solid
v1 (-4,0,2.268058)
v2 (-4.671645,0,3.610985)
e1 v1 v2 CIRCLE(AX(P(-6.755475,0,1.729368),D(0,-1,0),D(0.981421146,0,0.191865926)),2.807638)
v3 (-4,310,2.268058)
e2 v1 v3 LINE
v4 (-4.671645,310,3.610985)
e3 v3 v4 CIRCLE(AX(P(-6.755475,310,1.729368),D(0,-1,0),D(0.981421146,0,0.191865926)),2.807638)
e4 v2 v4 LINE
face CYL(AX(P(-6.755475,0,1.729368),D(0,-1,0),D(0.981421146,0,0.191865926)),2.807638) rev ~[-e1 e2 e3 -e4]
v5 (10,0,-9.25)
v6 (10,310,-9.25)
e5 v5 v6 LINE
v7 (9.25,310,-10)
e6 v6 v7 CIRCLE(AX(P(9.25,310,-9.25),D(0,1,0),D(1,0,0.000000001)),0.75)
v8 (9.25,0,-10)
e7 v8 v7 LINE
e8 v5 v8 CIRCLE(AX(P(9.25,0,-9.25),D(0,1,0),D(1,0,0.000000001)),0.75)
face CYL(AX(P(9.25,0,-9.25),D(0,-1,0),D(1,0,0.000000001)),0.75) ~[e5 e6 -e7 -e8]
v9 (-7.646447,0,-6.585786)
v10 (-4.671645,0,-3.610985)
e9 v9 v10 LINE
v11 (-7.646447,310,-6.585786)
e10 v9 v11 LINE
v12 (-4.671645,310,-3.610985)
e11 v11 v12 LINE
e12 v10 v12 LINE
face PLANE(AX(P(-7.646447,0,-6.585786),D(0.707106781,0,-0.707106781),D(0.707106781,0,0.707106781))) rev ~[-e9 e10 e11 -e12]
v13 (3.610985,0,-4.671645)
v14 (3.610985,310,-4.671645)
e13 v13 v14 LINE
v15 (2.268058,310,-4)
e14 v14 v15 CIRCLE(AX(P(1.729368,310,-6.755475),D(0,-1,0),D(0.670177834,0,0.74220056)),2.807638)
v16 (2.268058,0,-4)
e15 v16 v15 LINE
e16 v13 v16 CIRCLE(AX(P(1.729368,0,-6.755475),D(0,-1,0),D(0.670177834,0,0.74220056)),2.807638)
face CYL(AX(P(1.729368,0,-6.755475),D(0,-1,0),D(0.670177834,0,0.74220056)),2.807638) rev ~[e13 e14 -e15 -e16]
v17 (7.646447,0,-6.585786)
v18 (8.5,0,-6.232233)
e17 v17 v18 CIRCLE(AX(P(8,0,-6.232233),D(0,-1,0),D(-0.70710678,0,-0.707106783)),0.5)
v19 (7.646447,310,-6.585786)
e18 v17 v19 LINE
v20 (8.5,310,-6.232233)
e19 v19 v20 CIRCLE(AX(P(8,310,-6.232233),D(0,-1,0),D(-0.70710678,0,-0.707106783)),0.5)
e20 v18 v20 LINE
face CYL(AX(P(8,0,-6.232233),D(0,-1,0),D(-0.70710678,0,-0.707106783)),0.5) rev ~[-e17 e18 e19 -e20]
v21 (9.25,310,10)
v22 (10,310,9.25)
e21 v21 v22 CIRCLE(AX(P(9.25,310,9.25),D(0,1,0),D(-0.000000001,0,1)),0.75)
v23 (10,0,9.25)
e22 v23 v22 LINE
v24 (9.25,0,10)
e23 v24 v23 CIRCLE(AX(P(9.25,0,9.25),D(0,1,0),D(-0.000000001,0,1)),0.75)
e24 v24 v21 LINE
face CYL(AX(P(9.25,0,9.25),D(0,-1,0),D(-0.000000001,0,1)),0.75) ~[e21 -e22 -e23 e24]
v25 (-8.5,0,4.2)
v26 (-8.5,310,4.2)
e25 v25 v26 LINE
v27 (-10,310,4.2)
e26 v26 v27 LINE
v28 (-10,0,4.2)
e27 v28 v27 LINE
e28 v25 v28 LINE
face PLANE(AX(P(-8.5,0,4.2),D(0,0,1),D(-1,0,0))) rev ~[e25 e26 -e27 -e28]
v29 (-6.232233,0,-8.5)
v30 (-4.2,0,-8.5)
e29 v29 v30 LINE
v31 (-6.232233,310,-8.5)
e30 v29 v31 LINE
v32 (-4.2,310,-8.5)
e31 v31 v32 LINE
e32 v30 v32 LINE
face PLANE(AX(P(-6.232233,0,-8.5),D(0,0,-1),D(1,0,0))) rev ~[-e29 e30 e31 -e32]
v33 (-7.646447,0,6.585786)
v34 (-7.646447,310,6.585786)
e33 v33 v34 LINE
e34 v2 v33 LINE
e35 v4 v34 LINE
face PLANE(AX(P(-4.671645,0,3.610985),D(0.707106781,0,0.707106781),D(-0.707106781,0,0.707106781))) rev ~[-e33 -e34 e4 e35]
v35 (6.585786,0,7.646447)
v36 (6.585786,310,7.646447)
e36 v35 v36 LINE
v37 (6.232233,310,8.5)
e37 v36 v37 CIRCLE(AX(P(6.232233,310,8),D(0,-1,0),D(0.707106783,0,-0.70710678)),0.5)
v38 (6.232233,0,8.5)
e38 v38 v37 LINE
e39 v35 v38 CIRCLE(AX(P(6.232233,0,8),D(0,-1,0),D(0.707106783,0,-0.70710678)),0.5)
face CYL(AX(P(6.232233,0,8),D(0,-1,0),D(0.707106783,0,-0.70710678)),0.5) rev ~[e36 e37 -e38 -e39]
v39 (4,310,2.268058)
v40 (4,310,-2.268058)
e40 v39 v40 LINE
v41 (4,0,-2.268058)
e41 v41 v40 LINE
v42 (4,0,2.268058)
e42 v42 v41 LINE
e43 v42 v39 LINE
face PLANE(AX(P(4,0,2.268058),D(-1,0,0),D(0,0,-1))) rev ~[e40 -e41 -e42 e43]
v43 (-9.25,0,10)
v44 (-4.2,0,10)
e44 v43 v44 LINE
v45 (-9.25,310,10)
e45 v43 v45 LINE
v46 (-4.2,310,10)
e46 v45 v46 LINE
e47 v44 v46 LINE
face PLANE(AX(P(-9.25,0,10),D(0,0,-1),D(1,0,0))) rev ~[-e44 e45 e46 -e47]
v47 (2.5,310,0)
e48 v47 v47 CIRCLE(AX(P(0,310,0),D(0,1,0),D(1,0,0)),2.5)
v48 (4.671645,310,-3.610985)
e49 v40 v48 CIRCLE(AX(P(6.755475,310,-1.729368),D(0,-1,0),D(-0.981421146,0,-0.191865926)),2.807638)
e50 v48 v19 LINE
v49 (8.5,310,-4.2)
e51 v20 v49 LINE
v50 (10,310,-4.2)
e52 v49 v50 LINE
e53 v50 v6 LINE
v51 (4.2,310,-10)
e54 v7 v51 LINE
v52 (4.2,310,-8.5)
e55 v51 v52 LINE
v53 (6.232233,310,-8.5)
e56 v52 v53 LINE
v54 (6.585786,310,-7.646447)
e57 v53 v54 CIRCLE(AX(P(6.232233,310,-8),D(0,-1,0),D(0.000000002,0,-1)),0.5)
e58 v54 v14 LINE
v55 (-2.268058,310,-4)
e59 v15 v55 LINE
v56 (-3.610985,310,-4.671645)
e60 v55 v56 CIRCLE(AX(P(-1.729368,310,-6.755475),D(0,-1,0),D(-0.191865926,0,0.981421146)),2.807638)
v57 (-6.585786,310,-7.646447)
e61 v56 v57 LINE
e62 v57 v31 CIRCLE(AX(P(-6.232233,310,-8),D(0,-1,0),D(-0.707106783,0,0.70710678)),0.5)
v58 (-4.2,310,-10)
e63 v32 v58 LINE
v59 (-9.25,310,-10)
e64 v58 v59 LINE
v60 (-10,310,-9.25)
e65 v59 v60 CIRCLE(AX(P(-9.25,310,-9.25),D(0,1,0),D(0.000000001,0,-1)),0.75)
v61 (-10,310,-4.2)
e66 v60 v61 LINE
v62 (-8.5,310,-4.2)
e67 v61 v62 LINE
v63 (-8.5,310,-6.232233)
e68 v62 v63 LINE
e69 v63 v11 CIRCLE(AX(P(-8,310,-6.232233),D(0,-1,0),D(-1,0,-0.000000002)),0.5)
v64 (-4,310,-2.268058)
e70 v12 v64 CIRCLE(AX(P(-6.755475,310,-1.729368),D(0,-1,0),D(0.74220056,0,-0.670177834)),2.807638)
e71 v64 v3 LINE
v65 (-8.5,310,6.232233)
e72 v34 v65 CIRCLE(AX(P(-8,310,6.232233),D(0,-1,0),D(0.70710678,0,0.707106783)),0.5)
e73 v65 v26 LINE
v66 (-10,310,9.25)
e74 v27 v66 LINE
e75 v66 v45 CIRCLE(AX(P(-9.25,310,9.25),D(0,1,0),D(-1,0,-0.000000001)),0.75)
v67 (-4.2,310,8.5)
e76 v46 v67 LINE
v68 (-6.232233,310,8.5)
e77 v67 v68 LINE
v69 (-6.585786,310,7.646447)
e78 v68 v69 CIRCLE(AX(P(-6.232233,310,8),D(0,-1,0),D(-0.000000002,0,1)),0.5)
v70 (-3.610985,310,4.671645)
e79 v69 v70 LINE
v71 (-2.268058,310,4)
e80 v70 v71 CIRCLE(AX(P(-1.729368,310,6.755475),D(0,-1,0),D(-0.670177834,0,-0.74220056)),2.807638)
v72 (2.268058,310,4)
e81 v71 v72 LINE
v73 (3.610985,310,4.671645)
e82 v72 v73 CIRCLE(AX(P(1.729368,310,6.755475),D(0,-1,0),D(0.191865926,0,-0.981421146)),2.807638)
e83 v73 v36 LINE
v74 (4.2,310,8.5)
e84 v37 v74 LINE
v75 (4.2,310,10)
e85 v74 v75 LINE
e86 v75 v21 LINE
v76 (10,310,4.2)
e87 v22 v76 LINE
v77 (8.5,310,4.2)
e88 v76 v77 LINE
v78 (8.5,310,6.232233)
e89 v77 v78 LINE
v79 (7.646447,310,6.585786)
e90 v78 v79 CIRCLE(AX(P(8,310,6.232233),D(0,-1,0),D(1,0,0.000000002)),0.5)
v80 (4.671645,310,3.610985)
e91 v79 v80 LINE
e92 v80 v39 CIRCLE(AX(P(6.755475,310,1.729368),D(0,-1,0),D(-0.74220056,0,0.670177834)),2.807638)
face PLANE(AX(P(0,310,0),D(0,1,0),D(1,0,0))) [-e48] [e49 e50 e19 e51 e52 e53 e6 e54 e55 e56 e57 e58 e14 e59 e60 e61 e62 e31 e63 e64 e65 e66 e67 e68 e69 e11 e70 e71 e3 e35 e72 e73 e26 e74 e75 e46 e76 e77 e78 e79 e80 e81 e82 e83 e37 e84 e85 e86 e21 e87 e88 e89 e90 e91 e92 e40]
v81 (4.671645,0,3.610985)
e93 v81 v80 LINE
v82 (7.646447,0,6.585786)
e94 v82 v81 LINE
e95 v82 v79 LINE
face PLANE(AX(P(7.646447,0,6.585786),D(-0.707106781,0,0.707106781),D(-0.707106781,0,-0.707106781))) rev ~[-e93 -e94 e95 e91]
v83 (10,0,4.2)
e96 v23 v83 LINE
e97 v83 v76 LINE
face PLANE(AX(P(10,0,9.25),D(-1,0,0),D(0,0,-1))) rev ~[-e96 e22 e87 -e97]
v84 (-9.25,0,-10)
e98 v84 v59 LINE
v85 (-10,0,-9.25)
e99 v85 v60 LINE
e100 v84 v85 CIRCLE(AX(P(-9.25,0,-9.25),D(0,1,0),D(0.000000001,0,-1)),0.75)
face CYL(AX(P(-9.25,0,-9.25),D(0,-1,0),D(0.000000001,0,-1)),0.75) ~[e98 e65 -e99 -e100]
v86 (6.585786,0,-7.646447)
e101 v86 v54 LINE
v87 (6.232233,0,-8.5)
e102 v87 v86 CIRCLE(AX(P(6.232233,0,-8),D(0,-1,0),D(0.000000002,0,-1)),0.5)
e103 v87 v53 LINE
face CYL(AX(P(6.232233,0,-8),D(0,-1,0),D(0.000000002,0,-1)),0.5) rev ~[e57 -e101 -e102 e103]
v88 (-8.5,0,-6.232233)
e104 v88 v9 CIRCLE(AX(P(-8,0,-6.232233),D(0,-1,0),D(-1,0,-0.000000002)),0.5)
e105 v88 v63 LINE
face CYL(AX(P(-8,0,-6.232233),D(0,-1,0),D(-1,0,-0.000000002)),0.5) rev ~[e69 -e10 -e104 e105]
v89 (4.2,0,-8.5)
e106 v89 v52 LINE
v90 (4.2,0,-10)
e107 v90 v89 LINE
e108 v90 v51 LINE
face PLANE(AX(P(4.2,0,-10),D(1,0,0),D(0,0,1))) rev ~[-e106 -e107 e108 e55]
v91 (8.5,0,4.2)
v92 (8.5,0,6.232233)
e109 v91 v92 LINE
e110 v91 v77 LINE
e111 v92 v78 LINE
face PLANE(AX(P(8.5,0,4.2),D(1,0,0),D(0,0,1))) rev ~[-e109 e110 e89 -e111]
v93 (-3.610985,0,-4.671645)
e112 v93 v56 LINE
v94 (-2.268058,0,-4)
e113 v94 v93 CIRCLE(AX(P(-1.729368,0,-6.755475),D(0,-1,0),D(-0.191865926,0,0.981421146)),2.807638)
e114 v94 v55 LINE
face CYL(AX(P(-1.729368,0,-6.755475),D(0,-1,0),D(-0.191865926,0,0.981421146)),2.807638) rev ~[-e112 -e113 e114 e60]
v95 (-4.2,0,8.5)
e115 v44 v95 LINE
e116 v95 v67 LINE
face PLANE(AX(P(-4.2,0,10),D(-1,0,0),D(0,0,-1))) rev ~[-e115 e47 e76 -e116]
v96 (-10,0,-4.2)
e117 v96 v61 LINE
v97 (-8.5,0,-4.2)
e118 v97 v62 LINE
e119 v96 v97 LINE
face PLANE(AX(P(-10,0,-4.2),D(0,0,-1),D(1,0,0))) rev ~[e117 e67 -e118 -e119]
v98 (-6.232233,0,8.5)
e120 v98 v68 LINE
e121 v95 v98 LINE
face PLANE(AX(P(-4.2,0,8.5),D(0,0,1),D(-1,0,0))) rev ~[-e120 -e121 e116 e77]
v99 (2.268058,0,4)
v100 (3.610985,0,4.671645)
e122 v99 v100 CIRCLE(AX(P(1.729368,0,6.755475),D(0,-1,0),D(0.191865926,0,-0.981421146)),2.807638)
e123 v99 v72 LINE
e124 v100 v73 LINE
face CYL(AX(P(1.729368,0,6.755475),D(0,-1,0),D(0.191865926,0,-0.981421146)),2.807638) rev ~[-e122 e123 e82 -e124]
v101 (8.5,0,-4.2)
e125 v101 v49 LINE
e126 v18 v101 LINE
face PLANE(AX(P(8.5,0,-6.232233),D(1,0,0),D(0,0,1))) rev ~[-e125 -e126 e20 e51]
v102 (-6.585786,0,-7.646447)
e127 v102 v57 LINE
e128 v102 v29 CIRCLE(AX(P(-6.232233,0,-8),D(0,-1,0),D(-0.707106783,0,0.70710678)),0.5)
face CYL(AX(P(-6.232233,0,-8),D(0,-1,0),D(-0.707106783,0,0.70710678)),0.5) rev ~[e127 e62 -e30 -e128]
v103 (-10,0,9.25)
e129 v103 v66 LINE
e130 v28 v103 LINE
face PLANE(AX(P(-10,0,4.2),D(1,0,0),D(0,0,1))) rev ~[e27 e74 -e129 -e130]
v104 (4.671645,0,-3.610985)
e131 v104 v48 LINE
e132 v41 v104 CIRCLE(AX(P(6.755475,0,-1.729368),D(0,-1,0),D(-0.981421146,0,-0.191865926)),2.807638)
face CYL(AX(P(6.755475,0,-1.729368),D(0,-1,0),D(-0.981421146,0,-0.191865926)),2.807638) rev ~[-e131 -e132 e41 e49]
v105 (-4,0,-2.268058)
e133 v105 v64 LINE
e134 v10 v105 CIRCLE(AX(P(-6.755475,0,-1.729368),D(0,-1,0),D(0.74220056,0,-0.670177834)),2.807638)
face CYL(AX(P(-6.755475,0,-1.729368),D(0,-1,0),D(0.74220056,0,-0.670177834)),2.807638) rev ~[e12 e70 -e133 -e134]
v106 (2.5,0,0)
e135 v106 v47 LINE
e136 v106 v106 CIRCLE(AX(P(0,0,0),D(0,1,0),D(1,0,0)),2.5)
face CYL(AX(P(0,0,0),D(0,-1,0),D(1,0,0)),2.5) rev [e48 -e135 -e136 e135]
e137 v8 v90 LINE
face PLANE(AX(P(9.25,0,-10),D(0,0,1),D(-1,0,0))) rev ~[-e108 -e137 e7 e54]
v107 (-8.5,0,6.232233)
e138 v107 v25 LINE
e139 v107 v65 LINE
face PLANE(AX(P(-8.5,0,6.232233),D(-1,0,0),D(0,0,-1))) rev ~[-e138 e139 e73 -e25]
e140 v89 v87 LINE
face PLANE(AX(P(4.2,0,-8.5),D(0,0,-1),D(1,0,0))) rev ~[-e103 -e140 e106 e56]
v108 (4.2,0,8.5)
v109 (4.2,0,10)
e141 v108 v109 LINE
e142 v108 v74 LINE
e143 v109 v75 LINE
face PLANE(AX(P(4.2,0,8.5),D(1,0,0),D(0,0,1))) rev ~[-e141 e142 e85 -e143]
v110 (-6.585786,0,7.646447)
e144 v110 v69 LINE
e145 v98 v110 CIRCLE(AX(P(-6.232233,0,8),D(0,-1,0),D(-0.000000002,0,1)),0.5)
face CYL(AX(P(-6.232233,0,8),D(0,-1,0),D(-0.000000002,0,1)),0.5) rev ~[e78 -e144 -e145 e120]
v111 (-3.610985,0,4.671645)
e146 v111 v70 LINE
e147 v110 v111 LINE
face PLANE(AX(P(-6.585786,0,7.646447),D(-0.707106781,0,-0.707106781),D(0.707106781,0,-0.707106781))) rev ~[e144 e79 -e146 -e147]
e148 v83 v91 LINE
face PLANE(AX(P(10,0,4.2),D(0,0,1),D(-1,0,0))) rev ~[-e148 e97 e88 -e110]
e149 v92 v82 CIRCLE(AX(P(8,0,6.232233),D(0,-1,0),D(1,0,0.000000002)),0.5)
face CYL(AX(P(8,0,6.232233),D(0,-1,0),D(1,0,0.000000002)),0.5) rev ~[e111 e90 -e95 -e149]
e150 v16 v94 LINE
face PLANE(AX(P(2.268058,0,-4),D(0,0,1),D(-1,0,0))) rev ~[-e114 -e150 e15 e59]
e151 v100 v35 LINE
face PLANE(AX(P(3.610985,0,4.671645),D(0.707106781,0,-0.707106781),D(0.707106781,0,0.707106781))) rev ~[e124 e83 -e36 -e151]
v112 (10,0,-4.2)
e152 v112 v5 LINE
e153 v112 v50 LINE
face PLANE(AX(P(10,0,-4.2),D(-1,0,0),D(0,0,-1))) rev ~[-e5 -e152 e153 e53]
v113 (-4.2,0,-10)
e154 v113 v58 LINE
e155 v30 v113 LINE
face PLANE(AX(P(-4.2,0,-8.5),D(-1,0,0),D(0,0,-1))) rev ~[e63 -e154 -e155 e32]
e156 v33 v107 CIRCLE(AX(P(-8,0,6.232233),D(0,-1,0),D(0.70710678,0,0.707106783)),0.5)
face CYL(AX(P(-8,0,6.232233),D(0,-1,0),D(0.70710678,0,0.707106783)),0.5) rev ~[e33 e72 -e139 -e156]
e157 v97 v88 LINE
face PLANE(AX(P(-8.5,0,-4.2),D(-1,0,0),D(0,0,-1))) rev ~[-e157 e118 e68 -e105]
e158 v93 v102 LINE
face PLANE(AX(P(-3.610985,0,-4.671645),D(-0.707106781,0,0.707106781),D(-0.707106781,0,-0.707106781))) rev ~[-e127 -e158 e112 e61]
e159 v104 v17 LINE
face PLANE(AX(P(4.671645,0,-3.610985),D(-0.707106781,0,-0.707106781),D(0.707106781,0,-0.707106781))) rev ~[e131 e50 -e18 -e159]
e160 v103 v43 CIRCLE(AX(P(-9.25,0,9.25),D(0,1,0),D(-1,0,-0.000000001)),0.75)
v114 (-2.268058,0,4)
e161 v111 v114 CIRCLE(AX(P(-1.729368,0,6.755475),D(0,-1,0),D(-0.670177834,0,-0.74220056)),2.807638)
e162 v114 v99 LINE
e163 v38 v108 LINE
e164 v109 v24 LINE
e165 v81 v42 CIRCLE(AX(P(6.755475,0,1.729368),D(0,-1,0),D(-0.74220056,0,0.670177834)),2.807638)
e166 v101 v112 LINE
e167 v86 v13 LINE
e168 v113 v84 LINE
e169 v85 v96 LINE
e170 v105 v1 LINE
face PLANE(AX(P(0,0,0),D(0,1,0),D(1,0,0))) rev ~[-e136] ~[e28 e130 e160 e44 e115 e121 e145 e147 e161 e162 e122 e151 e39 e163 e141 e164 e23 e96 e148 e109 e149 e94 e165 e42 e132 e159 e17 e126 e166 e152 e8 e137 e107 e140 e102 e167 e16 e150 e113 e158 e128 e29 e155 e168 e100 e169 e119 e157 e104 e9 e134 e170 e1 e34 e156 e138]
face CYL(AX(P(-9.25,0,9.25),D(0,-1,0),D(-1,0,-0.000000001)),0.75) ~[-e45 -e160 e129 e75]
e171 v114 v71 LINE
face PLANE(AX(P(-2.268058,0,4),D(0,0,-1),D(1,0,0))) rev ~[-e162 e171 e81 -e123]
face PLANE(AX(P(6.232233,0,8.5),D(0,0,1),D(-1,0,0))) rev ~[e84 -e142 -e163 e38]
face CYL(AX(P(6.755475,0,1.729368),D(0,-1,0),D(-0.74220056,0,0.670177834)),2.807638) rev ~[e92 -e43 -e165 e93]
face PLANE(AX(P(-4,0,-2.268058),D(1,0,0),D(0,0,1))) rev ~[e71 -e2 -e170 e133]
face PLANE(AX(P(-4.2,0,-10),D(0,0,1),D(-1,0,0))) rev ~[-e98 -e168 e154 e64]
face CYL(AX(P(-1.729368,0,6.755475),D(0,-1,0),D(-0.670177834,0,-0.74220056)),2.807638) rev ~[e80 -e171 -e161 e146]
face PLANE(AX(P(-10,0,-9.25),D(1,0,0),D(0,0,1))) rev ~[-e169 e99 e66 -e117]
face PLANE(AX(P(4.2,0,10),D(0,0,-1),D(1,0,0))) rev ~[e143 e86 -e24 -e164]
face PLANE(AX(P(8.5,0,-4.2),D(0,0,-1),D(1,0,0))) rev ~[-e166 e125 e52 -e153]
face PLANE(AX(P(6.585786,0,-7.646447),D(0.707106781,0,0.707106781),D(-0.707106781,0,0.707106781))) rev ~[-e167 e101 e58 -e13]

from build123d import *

# Parameters (mm, degrees)
SKETCH1_R           = 2.5
BOSS_EXTRUDE1_DEPTH = 310


with BuildPart() as part:
    # Sketch1 → Boss-Extrude1 (new body)
    with BuildSketch(Plane(origin=(0, 0, 0), x_dir=(1, 0, 0), z_dir=(0, 1, 0))):
        with BuildLine():
            Line((-3.610984523, 4.671644695), (-6.585786438, 7.646446609))
            ThreePointArc((-6.585786438, 7.646446609), (-6.694172813, 8.191341716), (-6.232233047, 8.5))
            Line((-6.232233047, 8.5), (-4.2, 8.5))
            Line((-4.2, 8.5), (-4.2, 10))
            Line((-4.2, 10), (-9.25, 10))
            ThreePointArc((-9.25, 10), (-9.780330086, 9.780330086), (-10, 9.25))
            Line((-10, 9.25), (-10, 4.2))
            Line((-10, 4.2), (-8.5, 4.2))
            Line((-8.5, 4.2), (-8.5, 6.232233047))
            ThreePointArc((-8.5, 6.232233047), (-8.191341716, 6.694172813), (-7.646446609, 6.585786438))
            Line((-7.646446609, 6.585786438), (-4.671644695, 3.610984523))
            ThreePointArc((-4.671644695, 3.610984523), (-4.244383234, 2.985253206), (-4, 2.268058063))
            Line((-4, 2.268058063), (-4, -2.268058063))
            ThreePointArc((-4, -2.268058063), (-4.244383234, -2.985253206), (-4.671644695, -3.610984523))
            Line((-4.671644695, -3.610984523), (-7.646446609, -6.585786438))
            ThreePointArc((-7.646446609, -6.585786438), (-8.191341716, -6.694172813), (-8.5, -6.232233047))
            Line((-8.5, -6.232233047), (-8.5, -4.2))
            Line((-8.5, -4.2), (-10, -4.2))
            Line((-10, -4.2), (-10, -9.25))
            ThreePointArc((-10, -9.25), (-9.780330086, -9.780330086), (-9.25, -10))
            Line((-9.25, -10), (-4.2, -10))
            Line((-4.2, -10), (-4.2, -8.5))
            Line((-4.2, -8.5), (-6.232233047, -8.5))
            ThreePointArc((-6.232233047, -8.5), (-6.694172813, -8.191341716), (-6.585786438, -7.646446609))
            Line((-6.585786438, -7.646446609), (-3.610984523, -4.671644695))
            ThreePointArc((-3.610984523, -4.671644695), (-2.985253206, -4.244383234), (-2.268058063, -4))
            Line((-2.268058063, -4), (2.268058063, -4))
            ThreePointArc((2.268058063, -4), (2.985253206, -4.244383234), (3.610984523, -4.671644695))
            Line((3.610984523, -4.671644695), (6.585786438, -7.646446609))
            ThreePointArc((6.585786438, -7.646446609), (6.694172813, -8.191341716), (6.232233047, -8.5))
            Line((6.232233047, -8.5), (4.2, -8.5))
            Line((4.2, -8.5), (4.2, -10))
            Line((4.2, -10), (9.25, -10))
            ThreePointArc((9.25, -10), (9.780330086, -9.780330086), (10, -9.25))
            Line((10, -9.25), (10, -4.2))
            Line((10, -4.2), (8.5, -4.2))
            Line((8.5, -4.2), (8.5, -6.232233047))
            ThreePointArc((8.5, -6.232233047), (8.191341716, -6.694172813), (7.646446609, -6.585786438))
            Line((7.646446609, -6.585786438), (4.671644695, -3.610984523))
            ThreePointArc((4.671644695, -3.610984523), (4.244383234, -2.985253206), (4, -2.268058063))
            Line((4, -2.268058063), (4, 2.268058063))
            ThreePointArc((4, 2.268058063), (4.244383234, 2.985253206), (4.671644695, 3.610984523))
            Line((4.671644695, 3.610984523), (7.646446609, 6.585786438))
            ThreePointArc((7.646446609, 6.585786438), (8.191341716, 6.694172813), (8.5, 6.232233047))
            Line((8.5, 6.232233047), (8.5, 4.2))
            Line((8.5, 4.2), (10, 4.2))
            Line((10, 4.2), (10, 9.25))
            ThreePointArc((10, 9.25), (9.780330086, 9.780330086), (9.25, 10))
            Line((9.25, 10), (4.2, 10))
            Line((4.2, 10), (4.2, 8.5))
            Line((4.2, 8.5), (6.232233047, 8.5))
            ThreePointArc((6.232233047, 8.5), (6.694172813, 8.191341716), (6.585786438, 7.646446609))
            Line((6.585786438, 7.646446609), (3.610984523, 4.671644695))
            ThreePointArc((3.610984523, 4.671644695), (2.985253206, 4.244383234), (2.268058063, 4))
            Line((2.268058063, 4), (-2.268058063, 4))
            ThreePointArc((-2.268058063, 4), (-2.985253206, 4.244383234), (-3.610984523, 4.671644695))
        make_face()
        Circle(SKETCH1_R, mode=Mode.SUBTRACT)
    extrude(amount=BOSS_EXTRUDE1_DEPTH)


solid = part.part
